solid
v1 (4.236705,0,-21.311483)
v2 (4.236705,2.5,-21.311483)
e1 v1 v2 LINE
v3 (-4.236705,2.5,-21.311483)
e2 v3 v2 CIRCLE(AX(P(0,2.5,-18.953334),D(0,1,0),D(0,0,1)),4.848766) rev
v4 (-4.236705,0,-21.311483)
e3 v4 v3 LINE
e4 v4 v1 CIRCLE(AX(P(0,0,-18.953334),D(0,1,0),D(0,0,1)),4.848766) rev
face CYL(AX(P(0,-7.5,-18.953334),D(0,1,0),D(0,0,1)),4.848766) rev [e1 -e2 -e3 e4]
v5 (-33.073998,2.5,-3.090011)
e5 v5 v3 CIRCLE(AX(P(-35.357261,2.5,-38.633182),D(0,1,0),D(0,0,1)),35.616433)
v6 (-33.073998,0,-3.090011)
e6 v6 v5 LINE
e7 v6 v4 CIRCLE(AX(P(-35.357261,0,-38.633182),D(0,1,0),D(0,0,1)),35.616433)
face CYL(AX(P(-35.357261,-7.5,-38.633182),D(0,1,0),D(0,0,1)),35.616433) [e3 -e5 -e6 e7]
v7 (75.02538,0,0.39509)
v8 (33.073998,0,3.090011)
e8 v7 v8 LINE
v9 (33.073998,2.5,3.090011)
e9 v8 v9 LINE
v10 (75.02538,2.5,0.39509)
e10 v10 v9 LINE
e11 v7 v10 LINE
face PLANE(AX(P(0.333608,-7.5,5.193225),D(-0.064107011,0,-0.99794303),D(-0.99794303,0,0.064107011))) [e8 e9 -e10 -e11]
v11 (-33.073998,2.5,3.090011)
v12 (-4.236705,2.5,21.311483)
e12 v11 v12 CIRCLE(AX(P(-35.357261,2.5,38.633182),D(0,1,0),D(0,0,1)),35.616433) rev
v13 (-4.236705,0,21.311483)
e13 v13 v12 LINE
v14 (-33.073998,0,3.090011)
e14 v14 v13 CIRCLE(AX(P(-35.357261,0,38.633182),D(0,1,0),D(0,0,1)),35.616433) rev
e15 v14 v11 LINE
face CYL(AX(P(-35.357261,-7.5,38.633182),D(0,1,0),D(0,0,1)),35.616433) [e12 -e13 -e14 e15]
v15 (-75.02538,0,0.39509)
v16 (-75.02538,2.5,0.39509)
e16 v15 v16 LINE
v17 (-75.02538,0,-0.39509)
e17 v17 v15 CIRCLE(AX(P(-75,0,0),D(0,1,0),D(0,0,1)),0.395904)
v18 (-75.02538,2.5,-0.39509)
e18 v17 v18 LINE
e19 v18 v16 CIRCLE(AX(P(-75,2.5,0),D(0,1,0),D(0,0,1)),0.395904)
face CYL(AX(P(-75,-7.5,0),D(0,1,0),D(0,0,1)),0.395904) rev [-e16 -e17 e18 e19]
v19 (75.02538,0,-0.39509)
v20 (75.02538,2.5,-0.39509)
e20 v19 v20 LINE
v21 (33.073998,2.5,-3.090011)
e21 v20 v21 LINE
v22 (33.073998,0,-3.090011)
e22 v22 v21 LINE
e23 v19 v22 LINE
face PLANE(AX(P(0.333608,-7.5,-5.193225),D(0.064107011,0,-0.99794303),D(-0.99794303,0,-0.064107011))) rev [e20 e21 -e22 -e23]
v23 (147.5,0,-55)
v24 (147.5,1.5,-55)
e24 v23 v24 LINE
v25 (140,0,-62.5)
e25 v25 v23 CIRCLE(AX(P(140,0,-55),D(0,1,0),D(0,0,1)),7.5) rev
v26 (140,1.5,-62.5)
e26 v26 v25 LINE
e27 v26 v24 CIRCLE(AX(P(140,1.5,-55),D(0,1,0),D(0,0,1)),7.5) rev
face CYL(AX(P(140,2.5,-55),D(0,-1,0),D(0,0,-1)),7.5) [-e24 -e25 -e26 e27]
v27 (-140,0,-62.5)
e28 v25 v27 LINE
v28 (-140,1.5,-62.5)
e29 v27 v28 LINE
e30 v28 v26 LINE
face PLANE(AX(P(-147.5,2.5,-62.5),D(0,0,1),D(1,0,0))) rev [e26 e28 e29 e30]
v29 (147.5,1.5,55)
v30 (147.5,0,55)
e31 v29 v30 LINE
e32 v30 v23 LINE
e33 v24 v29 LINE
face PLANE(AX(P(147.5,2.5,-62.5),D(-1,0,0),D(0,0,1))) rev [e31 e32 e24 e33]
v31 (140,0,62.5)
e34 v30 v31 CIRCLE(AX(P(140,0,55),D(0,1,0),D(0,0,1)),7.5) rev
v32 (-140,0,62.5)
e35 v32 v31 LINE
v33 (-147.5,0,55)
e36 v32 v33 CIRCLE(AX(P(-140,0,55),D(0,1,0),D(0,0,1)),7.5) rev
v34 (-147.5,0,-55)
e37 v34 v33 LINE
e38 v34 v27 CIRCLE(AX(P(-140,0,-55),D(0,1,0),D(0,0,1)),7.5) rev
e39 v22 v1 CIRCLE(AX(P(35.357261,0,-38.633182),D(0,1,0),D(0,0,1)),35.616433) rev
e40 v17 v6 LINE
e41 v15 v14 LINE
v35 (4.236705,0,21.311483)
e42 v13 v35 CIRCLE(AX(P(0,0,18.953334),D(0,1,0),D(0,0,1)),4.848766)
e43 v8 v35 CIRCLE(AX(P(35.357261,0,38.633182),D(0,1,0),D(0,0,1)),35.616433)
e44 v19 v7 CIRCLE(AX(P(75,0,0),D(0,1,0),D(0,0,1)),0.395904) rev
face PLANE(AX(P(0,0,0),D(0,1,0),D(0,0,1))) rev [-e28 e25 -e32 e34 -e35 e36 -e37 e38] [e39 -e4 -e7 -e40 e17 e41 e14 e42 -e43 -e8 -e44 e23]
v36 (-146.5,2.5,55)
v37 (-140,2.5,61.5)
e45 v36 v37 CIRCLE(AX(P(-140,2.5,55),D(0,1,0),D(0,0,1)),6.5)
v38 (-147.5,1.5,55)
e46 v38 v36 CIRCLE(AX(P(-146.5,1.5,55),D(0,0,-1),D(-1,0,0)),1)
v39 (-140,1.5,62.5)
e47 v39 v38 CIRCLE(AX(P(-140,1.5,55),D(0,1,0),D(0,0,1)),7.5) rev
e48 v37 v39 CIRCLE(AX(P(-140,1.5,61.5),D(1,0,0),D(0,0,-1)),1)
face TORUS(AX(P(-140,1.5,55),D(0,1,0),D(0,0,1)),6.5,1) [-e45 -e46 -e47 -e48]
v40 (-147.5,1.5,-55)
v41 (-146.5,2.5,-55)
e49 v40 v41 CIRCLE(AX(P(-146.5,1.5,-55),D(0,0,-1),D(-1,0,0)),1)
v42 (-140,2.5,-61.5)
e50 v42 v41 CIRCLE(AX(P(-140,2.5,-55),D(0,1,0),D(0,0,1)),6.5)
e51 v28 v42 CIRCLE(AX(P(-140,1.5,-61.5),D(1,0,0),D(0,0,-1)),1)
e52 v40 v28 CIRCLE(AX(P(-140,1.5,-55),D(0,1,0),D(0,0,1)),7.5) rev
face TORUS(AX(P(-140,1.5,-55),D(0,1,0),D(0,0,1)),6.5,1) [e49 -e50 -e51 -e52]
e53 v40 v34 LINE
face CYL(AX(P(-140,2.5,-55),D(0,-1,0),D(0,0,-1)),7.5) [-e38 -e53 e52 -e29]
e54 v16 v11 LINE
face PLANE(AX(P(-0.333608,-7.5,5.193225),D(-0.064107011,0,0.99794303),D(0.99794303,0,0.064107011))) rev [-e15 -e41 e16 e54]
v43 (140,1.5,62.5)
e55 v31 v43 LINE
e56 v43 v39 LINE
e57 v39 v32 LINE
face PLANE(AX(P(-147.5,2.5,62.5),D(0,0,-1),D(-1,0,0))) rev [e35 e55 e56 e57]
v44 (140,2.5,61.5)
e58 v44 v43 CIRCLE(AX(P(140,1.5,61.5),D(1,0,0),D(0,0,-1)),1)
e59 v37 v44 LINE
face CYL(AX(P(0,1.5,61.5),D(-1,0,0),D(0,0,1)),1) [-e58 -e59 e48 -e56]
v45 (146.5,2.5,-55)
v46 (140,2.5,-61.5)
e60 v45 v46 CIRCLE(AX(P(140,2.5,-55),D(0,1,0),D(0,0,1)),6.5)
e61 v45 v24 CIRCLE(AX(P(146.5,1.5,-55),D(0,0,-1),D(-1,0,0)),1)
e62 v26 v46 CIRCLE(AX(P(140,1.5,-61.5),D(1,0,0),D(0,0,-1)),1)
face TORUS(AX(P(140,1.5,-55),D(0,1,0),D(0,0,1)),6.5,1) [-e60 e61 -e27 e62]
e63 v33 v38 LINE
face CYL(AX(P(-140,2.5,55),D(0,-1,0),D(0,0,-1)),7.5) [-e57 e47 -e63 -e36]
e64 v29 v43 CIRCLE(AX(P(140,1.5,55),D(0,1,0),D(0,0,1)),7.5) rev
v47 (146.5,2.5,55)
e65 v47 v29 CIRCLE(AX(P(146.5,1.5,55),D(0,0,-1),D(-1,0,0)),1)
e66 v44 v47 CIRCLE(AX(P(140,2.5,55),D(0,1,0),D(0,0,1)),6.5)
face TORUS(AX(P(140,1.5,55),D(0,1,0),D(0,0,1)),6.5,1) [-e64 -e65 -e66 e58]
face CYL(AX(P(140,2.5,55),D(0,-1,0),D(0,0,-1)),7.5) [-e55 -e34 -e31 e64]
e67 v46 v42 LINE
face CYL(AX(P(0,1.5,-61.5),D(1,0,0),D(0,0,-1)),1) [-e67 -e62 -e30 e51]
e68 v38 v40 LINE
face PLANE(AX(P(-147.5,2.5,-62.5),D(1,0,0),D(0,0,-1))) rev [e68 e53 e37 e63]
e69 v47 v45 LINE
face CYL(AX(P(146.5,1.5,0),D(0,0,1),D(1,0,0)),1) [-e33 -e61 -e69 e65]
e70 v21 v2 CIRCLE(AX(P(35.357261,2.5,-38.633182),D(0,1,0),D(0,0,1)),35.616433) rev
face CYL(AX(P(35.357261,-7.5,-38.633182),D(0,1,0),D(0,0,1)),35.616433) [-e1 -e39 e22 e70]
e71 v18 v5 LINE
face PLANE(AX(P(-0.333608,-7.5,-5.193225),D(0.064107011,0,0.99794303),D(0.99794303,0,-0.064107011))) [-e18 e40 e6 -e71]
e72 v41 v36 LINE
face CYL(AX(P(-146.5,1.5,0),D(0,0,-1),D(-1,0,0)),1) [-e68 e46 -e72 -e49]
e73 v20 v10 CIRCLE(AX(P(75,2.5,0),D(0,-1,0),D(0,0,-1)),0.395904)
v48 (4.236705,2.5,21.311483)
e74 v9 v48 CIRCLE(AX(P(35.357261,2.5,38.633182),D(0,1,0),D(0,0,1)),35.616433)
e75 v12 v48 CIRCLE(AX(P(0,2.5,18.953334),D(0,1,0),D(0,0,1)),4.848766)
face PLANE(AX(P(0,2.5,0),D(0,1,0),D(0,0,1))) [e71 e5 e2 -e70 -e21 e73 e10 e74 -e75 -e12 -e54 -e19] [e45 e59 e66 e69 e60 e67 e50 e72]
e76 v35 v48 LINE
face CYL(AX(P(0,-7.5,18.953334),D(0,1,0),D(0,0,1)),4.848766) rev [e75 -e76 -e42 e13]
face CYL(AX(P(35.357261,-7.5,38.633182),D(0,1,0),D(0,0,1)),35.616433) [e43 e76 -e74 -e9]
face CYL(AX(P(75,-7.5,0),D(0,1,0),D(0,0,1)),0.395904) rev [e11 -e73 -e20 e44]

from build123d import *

# Parameters (mm, degrees)
SKETCH1_W           = 295
SKETCH1_H           = 125
BOSS_EXTRUDE1_DEPTH = 2.5
FILLET1_R           = 7.5
FILLET2_R           = 1
CUT_EXTRUDE4_DEPTH  = 10


with BuildPart() as part:
    # Sketch1 → Boss-Extrude1 (new body)
    with BuildSketch(Plane(origin=(0, 0, 0), x_dir=(1, 0, 0), z_dir=(0, 1, 0))):
        Rectangle(SKETCH1_W, SKETCH1_H)
    extrude(amount=BOSS_EXTRUDE1_DEPTH)

    # Fillet1
    fillet1_edges = [part.edges().sort_by_distance(p)[0] for p in [
        (147.5, 1.25, 62.5),
        (-147.5, 1.25, 62.5),
        (-147.5, 1.25, -62.5),
        (147.5, 1.25, -62.5),
    ]]
    fillet(fillet1_edges, radius=FILLET1_R)

    # Fillet2
    fillet2_edges = [part.edges().sort_by_distance(p)[0] for p in [
        (147.5, 2.5, 0),
        (0, 2.5, 62.5),
        (0, 2.5, -62.5),
        (-147.5, 2.5, 0),
        (-145.303300859, 2.5, -60.303300859),
        (145.303300859, 2.5, -60.303300859),
        (-145.303300859, 2.5, 60.303300859),
        (145.303300859, 2.5, 60.303300859),
    ]]
    fillet(fillet2_edges, radius=FILLET2_R)

    # Sketch4 → Cut-Extrude4 (cut)
    with BuildSketch(Plane(origin=(0, 2.5, 0), x_dir=(1, 0, 0), z_dir=(0, 1, 0))):
        with BuildLine():
            Line((-33.073998348, 3.090010623), (-75.025380216, 0.395089537))
            ThreePointArc((-75.025380216, 0.395089537), (-75.3959039, 0), (-75.025380216, -0.395089537))
            Line((-75.025380216, -0.395089537), (-33.073998348, -3.090010623))
            ThreePointArc((-33.073998348, -3.090010623), (-16.332033074, -8.52386445), (-4.236704547, -21.311483324))
            ThreePointArc((-4.236704547, -21.311483324), (0, -23.802100242), (4.236704547, -21.311483324))
            ThreePointArc((4.236704547, -21.311483324), (16.332033074, -8.52386445), (33.073998348, -3.090010623))
            Line((33.073998348, -3.090010623), (75.025380216, -0.395089537))
            ThreePointArc((75.025380216, -0.395089537), (75.3959039, 0), (75.025380216, 0.395089537))
            Line((75.025380216, 0.395089537), (33.073998348, 3.090010623))
            ThreePointArc((33.073998348, 3.090010623), (16.332033074, 8.52386445), (4.236704547, 21.311483324))
            ThreePointArc((4.236704547, 21.311483324), (0, 23.802100242), (-4.236704547, 21.311483324))
            ThreePointArc((-4.236704547, 21.311483324), (-16.332033074, 8.52386445), (-33.073998348, 3.090010623))
        make_face()
    extrude(amount=-CUT_EXTRUDE4_DEPTH, mode=Mode.SUBTRACT)


solid = part.part
